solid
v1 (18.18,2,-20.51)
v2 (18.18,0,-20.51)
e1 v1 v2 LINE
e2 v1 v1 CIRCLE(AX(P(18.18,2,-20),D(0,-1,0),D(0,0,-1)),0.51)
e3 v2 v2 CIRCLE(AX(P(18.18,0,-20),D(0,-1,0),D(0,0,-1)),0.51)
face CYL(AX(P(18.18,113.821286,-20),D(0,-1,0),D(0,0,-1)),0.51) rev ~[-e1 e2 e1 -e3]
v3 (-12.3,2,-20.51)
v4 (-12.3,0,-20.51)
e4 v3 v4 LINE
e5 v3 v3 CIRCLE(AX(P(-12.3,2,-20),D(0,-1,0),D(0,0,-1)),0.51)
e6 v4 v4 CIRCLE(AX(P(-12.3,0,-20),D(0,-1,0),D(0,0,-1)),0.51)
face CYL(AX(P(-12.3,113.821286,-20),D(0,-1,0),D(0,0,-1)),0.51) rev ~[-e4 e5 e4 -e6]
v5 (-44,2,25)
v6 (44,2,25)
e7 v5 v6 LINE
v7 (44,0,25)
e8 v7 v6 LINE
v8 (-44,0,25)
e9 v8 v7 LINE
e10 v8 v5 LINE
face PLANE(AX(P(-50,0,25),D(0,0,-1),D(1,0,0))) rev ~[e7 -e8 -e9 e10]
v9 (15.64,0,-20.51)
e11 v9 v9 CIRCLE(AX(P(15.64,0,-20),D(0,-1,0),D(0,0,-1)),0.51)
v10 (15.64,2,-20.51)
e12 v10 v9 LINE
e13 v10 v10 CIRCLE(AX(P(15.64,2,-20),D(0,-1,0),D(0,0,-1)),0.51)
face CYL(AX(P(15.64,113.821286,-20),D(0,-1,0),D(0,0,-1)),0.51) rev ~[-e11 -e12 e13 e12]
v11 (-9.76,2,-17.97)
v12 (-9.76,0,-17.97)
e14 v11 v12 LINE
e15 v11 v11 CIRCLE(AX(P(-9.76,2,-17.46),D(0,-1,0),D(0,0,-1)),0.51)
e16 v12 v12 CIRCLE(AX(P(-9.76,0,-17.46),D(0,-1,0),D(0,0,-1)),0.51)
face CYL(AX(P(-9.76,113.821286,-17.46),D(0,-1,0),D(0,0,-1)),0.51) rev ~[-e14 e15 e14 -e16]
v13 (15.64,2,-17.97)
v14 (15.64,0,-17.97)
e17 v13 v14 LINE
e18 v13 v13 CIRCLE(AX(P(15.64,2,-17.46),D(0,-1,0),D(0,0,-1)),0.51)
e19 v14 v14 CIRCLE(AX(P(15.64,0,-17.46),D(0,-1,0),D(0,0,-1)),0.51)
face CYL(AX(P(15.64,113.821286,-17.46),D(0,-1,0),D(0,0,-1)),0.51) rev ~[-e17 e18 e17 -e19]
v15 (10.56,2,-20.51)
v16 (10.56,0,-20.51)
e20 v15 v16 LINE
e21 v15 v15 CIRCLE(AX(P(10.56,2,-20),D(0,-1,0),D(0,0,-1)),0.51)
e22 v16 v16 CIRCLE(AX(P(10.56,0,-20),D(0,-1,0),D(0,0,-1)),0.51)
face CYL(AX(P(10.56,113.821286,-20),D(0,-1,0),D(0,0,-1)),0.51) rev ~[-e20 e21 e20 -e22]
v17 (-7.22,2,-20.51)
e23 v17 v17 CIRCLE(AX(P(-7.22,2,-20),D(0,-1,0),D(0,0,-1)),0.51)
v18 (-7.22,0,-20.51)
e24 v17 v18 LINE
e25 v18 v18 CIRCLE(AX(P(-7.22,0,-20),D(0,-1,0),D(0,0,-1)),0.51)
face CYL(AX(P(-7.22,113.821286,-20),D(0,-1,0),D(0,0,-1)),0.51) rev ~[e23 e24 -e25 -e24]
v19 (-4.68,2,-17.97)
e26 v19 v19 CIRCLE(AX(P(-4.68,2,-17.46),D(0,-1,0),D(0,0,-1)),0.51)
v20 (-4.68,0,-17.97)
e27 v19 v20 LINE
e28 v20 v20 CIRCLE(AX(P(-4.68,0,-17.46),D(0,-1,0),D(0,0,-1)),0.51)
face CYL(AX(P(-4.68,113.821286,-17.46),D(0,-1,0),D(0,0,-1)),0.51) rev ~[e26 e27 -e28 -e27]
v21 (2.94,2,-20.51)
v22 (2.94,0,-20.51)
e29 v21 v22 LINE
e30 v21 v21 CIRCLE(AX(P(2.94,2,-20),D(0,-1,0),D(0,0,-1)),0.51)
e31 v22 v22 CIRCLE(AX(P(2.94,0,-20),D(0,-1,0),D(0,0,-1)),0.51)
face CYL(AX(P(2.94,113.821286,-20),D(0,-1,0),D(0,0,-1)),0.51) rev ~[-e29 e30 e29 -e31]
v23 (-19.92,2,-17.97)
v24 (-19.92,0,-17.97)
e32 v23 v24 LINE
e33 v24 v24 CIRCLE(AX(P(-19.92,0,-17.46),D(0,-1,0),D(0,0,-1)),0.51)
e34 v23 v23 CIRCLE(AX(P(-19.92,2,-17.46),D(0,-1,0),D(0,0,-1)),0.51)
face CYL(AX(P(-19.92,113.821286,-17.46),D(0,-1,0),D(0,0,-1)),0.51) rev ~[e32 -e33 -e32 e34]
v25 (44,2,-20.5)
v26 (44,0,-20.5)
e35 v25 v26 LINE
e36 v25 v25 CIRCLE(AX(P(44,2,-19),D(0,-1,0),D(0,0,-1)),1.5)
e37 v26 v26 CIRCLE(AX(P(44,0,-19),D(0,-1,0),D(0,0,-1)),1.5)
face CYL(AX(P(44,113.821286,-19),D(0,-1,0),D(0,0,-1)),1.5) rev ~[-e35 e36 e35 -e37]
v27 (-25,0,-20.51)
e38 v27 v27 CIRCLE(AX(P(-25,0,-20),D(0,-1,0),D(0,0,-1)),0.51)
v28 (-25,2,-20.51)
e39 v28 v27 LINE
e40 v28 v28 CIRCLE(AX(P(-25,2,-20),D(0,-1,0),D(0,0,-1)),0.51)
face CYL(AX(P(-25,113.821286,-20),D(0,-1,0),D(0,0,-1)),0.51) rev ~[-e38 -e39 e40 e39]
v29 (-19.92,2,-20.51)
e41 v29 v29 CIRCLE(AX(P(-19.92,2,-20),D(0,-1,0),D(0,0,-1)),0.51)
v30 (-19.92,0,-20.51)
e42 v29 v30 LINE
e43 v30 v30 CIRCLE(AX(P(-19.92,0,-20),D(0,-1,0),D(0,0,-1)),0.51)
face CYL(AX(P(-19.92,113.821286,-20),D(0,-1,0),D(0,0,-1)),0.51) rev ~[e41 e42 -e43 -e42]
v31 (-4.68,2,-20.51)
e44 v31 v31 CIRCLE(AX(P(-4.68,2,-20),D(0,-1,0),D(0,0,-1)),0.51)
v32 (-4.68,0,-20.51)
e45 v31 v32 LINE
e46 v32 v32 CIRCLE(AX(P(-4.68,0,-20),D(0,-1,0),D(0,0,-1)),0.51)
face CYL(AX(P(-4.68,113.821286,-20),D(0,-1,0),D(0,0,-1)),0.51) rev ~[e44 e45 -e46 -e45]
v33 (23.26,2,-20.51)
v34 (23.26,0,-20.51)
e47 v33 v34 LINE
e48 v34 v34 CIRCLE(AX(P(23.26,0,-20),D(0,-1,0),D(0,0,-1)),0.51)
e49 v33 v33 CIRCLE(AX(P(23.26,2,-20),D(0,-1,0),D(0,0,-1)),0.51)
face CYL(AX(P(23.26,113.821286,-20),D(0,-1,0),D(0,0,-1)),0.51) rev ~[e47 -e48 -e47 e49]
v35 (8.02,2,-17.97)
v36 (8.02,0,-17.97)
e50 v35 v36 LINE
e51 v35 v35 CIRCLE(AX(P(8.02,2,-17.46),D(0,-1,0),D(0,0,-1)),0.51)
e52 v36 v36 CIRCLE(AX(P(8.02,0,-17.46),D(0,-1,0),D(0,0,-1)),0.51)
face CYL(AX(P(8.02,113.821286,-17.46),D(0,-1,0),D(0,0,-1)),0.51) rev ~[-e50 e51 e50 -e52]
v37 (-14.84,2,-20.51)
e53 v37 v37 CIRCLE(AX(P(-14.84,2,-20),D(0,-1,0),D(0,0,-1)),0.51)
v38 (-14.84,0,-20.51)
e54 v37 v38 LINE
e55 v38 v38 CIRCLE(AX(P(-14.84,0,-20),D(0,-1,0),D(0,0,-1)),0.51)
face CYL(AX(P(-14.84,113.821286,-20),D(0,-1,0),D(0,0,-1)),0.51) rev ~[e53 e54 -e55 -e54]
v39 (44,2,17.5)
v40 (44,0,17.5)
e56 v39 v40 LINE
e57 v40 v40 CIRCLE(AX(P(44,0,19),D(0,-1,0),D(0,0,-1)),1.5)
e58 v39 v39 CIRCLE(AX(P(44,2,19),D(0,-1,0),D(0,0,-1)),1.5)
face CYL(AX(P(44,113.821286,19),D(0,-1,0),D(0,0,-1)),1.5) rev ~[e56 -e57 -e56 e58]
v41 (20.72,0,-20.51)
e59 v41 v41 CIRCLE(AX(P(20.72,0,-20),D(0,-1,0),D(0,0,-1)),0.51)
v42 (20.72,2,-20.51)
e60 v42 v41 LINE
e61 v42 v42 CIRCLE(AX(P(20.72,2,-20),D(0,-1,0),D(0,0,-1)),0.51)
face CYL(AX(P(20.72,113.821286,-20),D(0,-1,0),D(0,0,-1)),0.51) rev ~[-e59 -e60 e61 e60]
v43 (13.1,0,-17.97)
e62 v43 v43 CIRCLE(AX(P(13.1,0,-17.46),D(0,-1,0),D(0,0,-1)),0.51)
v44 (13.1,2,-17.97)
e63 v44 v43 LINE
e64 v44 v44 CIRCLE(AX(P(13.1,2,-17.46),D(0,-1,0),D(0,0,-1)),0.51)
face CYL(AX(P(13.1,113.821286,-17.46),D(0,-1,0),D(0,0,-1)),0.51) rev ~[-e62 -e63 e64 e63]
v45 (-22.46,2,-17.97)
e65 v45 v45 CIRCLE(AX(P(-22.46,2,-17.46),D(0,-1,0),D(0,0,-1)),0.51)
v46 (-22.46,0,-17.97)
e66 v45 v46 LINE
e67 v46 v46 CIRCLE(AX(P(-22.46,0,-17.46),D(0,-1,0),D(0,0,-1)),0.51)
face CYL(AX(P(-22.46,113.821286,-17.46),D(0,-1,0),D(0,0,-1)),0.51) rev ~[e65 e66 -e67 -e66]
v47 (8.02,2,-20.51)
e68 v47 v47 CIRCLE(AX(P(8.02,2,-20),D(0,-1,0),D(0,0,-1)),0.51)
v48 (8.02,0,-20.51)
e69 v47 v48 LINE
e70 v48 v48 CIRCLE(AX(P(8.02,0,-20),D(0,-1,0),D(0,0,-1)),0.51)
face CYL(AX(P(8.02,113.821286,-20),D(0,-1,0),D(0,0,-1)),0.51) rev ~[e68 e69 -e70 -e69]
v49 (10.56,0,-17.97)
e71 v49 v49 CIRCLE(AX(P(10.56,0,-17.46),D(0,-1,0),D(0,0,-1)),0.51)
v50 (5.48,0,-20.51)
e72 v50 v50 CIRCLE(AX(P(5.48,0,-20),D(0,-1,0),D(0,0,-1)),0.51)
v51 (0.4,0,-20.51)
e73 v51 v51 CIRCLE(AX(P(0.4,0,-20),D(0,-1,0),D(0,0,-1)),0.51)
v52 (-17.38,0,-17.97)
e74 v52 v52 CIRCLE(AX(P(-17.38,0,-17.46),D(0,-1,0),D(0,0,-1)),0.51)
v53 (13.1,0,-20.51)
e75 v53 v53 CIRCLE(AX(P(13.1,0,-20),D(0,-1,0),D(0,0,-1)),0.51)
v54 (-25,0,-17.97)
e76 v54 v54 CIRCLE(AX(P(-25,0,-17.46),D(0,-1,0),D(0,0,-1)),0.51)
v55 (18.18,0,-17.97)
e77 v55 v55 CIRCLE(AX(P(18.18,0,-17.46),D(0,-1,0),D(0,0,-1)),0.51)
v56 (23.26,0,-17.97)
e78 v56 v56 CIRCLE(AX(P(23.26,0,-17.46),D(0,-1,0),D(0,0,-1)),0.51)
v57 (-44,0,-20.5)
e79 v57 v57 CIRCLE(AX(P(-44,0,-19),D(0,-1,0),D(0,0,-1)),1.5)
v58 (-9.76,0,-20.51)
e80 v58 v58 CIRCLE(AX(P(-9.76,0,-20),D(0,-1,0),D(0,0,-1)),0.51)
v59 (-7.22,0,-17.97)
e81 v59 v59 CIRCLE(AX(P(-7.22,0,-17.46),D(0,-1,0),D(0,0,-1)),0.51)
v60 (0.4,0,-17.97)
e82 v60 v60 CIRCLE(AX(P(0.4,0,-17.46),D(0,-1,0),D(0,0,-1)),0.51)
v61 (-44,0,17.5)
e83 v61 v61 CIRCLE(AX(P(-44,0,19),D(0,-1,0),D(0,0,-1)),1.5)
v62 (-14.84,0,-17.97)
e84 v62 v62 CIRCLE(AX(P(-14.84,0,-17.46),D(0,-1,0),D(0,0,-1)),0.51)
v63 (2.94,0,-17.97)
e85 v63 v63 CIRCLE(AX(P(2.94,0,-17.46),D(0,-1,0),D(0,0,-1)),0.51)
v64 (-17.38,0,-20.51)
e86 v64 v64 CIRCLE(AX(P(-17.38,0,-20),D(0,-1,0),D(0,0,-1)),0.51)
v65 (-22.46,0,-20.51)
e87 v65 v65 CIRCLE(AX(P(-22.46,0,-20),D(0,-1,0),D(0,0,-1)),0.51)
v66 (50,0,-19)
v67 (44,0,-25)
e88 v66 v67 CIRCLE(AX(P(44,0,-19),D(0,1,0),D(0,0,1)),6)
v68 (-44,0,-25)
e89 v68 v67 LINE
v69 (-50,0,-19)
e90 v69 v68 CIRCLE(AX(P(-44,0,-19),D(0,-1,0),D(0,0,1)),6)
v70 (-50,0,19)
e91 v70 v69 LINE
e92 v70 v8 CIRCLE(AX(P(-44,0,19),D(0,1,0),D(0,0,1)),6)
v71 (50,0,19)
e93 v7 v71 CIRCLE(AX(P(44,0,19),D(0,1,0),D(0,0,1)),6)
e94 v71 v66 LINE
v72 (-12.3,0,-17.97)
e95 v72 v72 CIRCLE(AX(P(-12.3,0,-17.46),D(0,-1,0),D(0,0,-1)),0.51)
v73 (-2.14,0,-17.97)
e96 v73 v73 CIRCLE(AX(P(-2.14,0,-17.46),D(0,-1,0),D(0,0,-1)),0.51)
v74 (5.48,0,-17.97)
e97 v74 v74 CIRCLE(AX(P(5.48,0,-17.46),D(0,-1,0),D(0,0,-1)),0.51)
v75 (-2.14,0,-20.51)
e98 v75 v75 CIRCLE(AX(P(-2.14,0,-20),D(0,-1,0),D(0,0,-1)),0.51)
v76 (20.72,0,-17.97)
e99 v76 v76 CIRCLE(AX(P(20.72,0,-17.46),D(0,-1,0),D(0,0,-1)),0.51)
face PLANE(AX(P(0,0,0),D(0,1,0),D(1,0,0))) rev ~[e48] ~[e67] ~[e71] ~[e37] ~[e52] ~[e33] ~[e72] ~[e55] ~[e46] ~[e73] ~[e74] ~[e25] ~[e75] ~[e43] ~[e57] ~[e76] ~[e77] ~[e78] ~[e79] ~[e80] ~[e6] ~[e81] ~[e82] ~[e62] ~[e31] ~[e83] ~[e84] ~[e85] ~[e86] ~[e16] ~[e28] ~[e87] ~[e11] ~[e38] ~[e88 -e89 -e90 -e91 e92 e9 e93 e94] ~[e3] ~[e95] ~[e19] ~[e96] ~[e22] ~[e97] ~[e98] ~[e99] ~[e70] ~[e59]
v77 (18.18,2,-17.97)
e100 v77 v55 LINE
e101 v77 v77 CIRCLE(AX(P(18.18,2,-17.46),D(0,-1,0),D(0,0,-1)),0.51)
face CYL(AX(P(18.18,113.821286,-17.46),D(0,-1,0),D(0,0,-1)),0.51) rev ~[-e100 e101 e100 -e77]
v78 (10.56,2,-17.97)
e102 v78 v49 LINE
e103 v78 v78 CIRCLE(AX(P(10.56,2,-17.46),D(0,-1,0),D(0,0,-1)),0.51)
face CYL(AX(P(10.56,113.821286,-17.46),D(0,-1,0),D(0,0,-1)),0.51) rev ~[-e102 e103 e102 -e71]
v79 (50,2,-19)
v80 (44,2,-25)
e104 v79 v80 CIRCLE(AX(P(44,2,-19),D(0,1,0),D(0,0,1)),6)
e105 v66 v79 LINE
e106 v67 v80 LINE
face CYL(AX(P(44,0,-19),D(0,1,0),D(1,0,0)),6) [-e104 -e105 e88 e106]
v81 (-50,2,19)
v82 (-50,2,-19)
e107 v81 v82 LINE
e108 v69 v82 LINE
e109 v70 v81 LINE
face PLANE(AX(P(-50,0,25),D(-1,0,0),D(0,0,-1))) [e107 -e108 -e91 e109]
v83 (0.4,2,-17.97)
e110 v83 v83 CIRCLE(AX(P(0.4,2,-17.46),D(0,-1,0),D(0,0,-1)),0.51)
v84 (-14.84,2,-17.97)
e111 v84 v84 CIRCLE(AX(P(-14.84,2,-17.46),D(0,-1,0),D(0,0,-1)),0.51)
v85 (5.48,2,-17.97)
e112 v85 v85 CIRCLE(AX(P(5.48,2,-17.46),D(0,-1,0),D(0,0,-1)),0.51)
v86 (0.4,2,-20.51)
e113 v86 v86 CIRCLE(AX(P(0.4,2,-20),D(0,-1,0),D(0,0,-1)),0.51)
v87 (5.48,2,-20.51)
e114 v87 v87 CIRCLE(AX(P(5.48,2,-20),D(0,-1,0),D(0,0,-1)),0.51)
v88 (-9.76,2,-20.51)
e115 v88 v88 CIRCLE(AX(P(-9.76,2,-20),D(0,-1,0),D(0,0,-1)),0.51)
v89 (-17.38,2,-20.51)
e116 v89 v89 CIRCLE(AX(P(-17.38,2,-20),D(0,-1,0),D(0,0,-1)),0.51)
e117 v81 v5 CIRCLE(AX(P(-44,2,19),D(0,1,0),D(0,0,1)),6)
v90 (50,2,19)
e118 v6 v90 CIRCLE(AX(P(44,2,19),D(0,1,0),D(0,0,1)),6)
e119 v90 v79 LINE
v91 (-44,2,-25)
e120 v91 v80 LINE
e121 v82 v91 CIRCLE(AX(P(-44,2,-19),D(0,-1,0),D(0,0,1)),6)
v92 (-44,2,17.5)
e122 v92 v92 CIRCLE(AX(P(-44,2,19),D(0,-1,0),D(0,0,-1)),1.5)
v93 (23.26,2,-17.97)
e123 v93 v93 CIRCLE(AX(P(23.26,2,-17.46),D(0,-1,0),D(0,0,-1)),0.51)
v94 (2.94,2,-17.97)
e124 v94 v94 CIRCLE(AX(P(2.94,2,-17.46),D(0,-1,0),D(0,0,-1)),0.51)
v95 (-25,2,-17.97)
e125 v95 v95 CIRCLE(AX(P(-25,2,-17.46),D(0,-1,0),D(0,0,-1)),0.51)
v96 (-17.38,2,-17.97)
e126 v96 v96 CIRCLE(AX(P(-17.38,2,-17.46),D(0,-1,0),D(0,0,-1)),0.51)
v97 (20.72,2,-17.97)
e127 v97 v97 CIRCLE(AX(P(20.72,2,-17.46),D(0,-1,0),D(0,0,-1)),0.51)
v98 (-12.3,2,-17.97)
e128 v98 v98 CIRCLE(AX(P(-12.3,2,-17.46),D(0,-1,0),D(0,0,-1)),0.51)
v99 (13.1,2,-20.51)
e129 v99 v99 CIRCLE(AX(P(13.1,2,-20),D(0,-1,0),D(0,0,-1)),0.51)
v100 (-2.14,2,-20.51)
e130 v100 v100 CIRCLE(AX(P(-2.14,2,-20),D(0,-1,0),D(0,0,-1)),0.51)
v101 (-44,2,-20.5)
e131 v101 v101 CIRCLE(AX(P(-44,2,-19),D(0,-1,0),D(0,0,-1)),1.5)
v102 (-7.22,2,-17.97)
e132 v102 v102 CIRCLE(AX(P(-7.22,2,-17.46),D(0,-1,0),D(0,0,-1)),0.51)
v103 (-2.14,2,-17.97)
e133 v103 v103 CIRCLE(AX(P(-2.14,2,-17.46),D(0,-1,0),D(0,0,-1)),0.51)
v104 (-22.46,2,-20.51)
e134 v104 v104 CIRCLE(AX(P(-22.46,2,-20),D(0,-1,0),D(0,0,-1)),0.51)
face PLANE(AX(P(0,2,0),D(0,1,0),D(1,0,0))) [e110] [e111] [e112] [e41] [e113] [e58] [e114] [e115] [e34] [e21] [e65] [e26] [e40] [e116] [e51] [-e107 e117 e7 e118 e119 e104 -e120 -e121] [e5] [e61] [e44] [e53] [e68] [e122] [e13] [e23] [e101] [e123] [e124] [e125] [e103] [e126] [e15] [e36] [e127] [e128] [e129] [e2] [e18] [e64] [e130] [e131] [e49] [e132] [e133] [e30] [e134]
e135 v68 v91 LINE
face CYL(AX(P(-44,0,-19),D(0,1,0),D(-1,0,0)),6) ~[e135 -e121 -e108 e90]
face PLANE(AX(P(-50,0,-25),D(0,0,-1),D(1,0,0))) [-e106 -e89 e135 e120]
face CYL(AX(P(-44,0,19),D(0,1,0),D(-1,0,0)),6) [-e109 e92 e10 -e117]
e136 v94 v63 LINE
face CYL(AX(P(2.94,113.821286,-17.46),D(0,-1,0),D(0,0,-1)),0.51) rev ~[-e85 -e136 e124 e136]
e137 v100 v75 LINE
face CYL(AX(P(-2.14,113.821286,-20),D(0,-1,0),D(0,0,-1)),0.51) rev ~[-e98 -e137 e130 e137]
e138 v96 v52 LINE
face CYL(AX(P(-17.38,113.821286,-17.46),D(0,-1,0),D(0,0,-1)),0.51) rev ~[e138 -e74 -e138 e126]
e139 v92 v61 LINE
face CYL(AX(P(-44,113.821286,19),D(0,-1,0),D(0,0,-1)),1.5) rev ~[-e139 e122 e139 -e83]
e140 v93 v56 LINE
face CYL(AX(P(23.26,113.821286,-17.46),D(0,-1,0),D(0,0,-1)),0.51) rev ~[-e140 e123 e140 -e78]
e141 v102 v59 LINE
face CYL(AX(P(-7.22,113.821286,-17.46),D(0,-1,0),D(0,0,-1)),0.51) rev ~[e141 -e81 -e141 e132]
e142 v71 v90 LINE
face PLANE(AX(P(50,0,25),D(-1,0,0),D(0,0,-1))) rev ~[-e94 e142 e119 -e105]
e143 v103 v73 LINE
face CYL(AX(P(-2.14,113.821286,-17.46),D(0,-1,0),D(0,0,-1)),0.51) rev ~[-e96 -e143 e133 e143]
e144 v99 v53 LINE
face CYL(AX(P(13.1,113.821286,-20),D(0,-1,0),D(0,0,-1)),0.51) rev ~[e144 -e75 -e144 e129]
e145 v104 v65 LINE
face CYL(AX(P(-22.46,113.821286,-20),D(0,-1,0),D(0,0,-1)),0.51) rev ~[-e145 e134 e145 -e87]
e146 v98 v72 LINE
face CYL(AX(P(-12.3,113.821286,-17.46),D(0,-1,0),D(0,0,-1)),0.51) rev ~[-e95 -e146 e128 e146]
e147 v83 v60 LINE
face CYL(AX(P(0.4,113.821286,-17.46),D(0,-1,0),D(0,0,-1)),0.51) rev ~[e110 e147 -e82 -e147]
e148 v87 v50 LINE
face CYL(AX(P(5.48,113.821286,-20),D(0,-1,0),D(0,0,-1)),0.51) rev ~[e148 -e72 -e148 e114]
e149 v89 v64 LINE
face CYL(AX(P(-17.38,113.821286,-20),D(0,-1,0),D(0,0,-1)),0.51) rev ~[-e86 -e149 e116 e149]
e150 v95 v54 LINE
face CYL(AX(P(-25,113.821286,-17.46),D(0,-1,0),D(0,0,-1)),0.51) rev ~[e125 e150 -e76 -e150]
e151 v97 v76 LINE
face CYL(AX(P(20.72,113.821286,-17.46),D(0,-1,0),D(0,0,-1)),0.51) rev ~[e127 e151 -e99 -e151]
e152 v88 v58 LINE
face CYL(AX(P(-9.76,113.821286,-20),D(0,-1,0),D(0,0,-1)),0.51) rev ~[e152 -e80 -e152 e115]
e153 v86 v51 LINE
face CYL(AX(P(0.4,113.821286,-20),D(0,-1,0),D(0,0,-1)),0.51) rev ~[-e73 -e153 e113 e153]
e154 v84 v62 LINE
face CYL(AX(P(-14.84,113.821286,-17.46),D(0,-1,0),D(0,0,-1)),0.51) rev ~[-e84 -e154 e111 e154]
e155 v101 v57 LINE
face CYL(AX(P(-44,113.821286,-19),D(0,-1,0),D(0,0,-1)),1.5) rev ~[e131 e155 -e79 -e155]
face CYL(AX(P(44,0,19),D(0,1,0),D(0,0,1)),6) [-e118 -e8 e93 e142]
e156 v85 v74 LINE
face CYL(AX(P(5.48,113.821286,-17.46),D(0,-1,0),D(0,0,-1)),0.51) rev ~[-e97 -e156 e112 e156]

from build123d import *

# Parameters (mm, degrees)
SKETCH1_W             = 100
SKETCH1_H             = 50
BOSS_EXTRUDE1_DEPTH   = 2
FILLET1_R             = 6
F_3_0MM_DOWEL_HOLE1_D = 3
F_1_0MM_DOWEL_HOLE1_D = 1.02
LPATTERN1_COUNT       = 2
LPATTERN1_PITCH       = 2.54
LPATTERN1_COUNT_DIR2  = 20
LPATTERN1_PITCH_DIR2  = 2.54


with BuildPart() as part:
    # Sketch1 → Boss-Extrude1 (new body)
    with BuildSketch(Plane(origin=(0, 0, 0), x_dir=(1, 0, 0), z_dir=(0, 1, 0))):
        Rectangle(SKETCH1_W, SKETCH1_H)
    extrude(amount=BOSS_EXTRUDE1_DEPTH)

    # Fillet1
    fillet1_edges = [part.edges().sort_by_distance(p)[0] for p in [
        (50, 1, 25),
        (-50, 1, 25),
        (-50, 1, -25),
        (50, 1, -25),
    ]]
    fillet(fillet1_edges, radius=FILLET1_R)

    # Ø3.0mm Dowel Hole1 (through all)
    with Locations(Plane(origin=(-44, 2, -19), x_dir=(0, 0, 1), z_dir=(0, 1, 0))):
        with Locations((0, 0), (0, 88), (38, 88), (38, 0)):
            Hole(F_3_0MM_DOWEL_HOLE1_D / 2)

    # Ø1.0mm Dowel Hole1 (through all)
    with Locations(Plane(origin=(-25, 2, -20), x_dir=(0, 0, 1), z_dir=(0, 1, 0))):
        with Locations((0, 0)):
            f_1_0mm_dowel_hole1 = Hole(F_1_0MM_DOWEL_HOLE1_D / 2)

    # LPattern1: 1.0mm Dowel Hole1 2 × 20
    with Locations(*[(j * LPATTERN1_PITCH_DIR2, 0, i * LPATTERN1_PITCH) for i in range(LPATTERN1_COUNT) for j in range(LPATTERN1_COUNT_DIR2) if (i, j) != (0, 0)]):
        add(f_1_0mm_dowel_hole1, mode=Mode.SUBTRACT)


solid = part.part
